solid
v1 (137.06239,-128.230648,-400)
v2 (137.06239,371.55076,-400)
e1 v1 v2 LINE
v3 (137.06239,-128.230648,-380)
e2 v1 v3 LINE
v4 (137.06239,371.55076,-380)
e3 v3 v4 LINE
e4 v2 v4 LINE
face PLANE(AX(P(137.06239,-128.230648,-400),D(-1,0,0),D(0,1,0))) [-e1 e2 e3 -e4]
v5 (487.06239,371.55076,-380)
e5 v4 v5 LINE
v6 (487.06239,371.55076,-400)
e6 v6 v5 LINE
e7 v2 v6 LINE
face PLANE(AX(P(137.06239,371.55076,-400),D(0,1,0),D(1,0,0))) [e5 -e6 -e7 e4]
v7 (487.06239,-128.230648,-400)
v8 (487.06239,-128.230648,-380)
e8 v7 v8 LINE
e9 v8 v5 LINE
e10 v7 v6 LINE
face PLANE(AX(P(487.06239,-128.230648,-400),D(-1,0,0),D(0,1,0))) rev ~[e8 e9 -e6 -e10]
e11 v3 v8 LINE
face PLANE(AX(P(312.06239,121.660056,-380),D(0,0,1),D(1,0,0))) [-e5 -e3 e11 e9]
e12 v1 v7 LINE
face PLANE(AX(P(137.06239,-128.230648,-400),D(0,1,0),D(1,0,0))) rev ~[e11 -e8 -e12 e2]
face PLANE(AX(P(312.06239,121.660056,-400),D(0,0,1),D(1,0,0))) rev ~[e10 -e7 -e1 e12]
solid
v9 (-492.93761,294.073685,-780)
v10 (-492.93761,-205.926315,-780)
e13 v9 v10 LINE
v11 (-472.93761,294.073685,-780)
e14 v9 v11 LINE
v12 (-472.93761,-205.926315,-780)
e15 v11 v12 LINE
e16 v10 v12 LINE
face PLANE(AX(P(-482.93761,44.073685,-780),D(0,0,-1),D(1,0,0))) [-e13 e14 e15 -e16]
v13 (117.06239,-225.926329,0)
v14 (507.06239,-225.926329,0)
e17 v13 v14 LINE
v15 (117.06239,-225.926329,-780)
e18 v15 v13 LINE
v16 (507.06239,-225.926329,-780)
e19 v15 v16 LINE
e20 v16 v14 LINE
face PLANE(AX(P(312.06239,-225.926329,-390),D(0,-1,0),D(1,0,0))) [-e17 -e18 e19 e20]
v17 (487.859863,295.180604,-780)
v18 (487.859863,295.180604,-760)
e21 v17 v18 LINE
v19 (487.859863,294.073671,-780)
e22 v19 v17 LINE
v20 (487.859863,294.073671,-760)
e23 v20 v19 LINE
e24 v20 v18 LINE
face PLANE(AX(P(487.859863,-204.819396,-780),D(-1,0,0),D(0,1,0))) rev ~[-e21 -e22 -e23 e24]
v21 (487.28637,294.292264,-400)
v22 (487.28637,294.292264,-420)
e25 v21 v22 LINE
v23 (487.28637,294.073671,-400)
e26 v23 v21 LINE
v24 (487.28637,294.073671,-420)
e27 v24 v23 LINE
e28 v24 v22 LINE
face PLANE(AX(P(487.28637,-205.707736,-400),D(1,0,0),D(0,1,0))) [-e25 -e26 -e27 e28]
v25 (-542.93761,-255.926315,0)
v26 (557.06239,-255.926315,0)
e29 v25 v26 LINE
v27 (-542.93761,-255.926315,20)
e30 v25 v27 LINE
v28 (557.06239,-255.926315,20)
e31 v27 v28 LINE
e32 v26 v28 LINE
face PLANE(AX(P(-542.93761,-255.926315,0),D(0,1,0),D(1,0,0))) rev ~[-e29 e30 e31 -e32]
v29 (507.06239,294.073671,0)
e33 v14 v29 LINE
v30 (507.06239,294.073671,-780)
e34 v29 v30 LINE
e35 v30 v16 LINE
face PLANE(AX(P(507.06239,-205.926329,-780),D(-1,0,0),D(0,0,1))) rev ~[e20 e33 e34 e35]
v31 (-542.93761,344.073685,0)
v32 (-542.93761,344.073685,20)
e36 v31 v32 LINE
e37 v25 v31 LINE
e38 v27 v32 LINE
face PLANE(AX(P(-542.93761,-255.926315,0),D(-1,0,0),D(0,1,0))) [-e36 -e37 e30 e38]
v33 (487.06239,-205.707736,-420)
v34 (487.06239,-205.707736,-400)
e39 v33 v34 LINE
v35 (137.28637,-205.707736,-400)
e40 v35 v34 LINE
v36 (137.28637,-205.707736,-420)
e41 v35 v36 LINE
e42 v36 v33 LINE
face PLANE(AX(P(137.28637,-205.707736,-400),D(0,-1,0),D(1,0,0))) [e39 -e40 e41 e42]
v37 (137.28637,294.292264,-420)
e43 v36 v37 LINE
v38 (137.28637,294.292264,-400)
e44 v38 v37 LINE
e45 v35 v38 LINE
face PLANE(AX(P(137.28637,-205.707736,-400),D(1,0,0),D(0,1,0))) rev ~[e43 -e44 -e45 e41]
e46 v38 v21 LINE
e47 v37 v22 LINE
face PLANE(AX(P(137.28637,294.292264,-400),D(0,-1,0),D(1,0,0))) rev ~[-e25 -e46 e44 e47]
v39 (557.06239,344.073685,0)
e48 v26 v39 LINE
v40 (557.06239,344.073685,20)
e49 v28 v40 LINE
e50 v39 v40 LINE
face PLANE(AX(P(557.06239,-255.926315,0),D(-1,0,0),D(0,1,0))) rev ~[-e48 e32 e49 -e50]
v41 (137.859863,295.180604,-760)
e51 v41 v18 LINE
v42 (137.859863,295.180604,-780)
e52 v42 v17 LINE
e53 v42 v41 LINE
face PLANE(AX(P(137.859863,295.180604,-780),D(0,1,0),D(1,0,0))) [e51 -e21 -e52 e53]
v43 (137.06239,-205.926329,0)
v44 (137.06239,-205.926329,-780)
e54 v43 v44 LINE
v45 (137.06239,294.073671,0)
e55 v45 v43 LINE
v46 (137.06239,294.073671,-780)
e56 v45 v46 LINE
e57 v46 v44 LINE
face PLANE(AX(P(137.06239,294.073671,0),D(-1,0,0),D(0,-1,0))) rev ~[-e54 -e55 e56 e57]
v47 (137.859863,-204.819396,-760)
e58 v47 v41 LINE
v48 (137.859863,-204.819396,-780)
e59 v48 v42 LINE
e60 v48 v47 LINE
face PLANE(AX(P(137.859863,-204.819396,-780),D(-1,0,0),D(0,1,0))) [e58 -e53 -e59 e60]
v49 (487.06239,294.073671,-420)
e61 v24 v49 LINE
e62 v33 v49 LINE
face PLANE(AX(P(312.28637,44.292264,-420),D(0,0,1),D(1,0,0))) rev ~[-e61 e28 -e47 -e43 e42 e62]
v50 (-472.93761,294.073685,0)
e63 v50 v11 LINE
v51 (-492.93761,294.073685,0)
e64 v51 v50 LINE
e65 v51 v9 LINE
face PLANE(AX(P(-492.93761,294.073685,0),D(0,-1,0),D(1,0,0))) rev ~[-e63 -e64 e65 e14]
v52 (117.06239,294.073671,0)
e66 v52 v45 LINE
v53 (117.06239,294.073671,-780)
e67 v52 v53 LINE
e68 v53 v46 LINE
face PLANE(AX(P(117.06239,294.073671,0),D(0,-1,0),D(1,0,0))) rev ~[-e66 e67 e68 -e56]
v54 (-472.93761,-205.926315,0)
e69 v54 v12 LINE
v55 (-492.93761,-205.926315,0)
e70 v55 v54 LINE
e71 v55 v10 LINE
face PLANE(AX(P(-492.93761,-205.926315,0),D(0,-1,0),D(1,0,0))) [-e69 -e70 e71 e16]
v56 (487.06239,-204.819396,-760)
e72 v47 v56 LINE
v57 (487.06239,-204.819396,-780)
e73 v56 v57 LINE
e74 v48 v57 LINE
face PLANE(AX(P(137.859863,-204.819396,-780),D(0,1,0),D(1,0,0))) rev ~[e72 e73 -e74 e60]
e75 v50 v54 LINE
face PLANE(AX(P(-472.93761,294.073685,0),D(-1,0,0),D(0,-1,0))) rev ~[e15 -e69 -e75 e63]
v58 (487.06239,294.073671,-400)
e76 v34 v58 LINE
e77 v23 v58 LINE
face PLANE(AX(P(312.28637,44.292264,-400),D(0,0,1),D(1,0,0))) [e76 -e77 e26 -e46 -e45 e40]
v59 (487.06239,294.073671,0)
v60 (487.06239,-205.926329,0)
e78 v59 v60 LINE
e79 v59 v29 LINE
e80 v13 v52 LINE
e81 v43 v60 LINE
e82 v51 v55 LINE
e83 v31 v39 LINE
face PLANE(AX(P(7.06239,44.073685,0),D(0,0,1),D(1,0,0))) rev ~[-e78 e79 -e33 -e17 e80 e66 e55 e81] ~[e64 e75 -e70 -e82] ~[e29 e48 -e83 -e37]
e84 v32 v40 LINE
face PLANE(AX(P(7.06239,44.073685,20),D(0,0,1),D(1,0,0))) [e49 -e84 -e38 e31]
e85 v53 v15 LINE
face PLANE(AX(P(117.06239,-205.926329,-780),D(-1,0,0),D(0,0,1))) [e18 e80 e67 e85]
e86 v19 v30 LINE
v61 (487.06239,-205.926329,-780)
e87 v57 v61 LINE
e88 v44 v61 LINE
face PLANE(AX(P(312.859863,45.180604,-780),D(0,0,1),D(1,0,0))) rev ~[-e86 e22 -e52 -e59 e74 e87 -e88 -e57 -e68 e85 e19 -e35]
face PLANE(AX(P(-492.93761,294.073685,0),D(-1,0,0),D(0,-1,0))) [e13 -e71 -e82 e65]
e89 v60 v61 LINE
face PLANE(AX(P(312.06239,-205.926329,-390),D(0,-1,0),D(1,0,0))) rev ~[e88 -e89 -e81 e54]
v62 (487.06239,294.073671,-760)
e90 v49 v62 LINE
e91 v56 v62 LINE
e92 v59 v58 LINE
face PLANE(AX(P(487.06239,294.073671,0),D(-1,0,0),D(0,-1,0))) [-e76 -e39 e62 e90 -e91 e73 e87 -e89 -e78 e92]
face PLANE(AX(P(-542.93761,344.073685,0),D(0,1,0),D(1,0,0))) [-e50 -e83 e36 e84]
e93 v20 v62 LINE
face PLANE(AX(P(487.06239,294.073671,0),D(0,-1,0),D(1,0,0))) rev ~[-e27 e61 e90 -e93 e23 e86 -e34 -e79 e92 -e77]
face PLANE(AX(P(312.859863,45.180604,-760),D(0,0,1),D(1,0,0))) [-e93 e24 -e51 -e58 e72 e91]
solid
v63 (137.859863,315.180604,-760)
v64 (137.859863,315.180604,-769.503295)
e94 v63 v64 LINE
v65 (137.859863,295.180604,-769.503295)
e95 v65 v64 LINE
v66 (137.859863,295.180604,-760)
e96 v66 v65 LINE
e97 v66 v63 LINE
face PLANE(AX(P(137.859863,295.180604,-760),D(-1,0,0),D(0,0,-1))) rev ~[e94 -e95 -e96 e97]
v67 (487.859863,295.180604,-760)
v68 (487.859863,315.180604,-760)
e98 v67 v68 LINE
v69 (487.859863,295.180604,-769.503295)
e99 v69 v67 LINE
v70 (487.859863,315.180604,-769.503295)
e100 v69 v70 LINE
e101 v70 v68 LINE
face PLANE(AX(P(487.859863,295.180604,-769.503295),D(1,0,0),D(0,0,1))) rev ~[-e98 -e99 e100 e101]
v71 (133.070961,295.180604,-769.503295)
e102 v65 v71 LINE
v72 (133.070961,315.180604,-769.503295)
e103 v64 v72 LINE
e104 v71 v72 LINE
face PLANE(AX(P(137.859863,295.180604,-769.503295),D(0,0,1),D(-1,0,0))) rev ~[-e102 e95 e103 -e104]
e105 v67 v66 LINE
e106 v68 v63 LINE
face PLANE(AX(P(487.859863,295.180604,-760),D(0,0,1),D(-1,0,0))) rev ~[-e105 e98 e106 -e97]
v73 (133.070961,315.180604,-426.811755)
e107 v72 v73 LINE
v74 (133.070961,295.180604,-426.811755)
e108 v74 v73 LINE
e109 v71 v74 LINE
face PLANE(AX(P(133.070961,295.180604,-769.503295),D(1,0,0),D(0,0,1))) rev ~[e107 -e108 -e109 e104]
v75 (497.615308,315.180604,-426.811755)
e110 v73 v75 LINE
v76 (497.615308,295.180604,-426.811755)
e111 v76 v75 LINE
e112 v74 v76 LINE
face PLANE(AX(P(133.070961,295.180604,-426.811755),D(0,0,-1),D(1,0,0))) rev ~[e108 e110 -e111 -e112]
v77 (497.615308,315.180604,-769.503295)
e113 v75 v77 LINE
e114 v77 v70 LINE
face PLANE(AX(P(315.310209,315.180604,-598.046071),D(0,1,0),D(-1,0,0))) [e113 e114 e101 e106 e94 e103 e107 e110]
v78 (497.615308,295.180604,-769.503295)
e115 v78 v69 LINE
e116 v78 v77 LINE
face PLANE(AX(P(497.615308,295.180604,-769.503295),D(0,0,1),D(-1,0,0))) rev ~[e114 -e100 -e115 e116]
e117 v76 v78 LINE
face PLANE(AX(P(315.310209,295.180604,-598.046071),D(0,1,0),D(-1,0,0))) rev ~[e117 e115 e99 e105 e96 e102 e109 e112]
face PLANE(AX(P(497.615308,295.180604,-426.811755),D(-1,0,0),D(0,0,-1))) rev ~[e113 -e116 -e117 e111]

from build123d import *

# Parameters (mm, degrees)
F0_W      = 1100
F0_H      = 600
F1_DEPTH  = 20
F2_W      = 20
F2_H      = 500
F3_DEPTH  = 780
F4_W      = 390
F4_H      = 780
F5_DEPTH  = 20
F7_W      = 350
F7_H      = 500
F8_DEPTH  = 20
F10_W     = 350
F10_H     = 499.781407
F11_DEPTH = 20
F12_W     = 350
F12_H     = 500
F13_DEPTH = 20
F15_DEPTH = 20


with BuildPart() as f1:
    # F0 (on Top) → F1 (new body)
    with BuildSketch(Plane.XY):
        with Locations((7.06239, 44.073685)):
            Rectangle(F0_W, F0_H)
    extrude(amount=F1_DEPTH)

    # F2 (on face) → F3 (join)
    with BuildSketch(Plane(origin=(0, 0, 0), x_dir=(1, 0, 0), z_dir=(0, 0, -1))):
        with Locations((-482.93761, -44.073685)):
            Rectangle(F2_W, F2_H)
        with Locations((497.06239, -44.073671)):
            Rectangle(F2_W, F2_H)
        with Locations((127.06239, -44.073671)):
            Rectangle(F2_W, F2_H)
    extrude(amount=F3_DEPTH)

    # F4 (on face) → F5 (join)
    with BuildSketch(Plane.XZ.offset(205.926329)):
        with Locations((312.06239, -390)):
            Rectangle(F4_W, F4_H)
    extrude(amount=F5_DEPTH)

    # F7 (on offset) → F8 (join)
    with BuildSketch(Plane.XY.offset(-400)):
        with Locations((312.28637, 44.292264)):
            Rectangle(F7_W, F7_H)
    extrude(amount=-F8_DEPTH)

    # F12 (on offset) → F13 (join)
    with BuildSketch(Plane.XY.offset(-780)):
        with Locations((312.859863, 45.180604)):
            Rectangle(F12_W, F12_H)
    extrude(amount=F13_DEPTH)


with BuildPart() as f11:
    # F10 (on offset) → F11 (new body)
    with BuildSketch(Plane.XY.offset(-400)):
        with Locations((312.06239, 121.660056)):
            Rectangle(F10_W, F10_H)
    extrude(amount=F11_DEPTH)


with BuildPart() as f15:
    # F14 (on face) → F15 (new body)
    with BuildSketch(Plane(origin=(0, 295.180604, 0), x_dir=(-1, 0, 0), z_dir=(0, 1, 0))):
        Polygon((-497.615308, -426.811755), (-497.615308, -769.503295), (-487.859863, -769.503295), (-487.859863, -760), (-137.859863, -760), (-137.859863, -769.503295), (-133.070961, -769.503295), (-133.070961, -426.811755), align=None)
    extrude(amount=F15_DEPTH)


solid = Compound([f1.part, f11.part, f15.part])
